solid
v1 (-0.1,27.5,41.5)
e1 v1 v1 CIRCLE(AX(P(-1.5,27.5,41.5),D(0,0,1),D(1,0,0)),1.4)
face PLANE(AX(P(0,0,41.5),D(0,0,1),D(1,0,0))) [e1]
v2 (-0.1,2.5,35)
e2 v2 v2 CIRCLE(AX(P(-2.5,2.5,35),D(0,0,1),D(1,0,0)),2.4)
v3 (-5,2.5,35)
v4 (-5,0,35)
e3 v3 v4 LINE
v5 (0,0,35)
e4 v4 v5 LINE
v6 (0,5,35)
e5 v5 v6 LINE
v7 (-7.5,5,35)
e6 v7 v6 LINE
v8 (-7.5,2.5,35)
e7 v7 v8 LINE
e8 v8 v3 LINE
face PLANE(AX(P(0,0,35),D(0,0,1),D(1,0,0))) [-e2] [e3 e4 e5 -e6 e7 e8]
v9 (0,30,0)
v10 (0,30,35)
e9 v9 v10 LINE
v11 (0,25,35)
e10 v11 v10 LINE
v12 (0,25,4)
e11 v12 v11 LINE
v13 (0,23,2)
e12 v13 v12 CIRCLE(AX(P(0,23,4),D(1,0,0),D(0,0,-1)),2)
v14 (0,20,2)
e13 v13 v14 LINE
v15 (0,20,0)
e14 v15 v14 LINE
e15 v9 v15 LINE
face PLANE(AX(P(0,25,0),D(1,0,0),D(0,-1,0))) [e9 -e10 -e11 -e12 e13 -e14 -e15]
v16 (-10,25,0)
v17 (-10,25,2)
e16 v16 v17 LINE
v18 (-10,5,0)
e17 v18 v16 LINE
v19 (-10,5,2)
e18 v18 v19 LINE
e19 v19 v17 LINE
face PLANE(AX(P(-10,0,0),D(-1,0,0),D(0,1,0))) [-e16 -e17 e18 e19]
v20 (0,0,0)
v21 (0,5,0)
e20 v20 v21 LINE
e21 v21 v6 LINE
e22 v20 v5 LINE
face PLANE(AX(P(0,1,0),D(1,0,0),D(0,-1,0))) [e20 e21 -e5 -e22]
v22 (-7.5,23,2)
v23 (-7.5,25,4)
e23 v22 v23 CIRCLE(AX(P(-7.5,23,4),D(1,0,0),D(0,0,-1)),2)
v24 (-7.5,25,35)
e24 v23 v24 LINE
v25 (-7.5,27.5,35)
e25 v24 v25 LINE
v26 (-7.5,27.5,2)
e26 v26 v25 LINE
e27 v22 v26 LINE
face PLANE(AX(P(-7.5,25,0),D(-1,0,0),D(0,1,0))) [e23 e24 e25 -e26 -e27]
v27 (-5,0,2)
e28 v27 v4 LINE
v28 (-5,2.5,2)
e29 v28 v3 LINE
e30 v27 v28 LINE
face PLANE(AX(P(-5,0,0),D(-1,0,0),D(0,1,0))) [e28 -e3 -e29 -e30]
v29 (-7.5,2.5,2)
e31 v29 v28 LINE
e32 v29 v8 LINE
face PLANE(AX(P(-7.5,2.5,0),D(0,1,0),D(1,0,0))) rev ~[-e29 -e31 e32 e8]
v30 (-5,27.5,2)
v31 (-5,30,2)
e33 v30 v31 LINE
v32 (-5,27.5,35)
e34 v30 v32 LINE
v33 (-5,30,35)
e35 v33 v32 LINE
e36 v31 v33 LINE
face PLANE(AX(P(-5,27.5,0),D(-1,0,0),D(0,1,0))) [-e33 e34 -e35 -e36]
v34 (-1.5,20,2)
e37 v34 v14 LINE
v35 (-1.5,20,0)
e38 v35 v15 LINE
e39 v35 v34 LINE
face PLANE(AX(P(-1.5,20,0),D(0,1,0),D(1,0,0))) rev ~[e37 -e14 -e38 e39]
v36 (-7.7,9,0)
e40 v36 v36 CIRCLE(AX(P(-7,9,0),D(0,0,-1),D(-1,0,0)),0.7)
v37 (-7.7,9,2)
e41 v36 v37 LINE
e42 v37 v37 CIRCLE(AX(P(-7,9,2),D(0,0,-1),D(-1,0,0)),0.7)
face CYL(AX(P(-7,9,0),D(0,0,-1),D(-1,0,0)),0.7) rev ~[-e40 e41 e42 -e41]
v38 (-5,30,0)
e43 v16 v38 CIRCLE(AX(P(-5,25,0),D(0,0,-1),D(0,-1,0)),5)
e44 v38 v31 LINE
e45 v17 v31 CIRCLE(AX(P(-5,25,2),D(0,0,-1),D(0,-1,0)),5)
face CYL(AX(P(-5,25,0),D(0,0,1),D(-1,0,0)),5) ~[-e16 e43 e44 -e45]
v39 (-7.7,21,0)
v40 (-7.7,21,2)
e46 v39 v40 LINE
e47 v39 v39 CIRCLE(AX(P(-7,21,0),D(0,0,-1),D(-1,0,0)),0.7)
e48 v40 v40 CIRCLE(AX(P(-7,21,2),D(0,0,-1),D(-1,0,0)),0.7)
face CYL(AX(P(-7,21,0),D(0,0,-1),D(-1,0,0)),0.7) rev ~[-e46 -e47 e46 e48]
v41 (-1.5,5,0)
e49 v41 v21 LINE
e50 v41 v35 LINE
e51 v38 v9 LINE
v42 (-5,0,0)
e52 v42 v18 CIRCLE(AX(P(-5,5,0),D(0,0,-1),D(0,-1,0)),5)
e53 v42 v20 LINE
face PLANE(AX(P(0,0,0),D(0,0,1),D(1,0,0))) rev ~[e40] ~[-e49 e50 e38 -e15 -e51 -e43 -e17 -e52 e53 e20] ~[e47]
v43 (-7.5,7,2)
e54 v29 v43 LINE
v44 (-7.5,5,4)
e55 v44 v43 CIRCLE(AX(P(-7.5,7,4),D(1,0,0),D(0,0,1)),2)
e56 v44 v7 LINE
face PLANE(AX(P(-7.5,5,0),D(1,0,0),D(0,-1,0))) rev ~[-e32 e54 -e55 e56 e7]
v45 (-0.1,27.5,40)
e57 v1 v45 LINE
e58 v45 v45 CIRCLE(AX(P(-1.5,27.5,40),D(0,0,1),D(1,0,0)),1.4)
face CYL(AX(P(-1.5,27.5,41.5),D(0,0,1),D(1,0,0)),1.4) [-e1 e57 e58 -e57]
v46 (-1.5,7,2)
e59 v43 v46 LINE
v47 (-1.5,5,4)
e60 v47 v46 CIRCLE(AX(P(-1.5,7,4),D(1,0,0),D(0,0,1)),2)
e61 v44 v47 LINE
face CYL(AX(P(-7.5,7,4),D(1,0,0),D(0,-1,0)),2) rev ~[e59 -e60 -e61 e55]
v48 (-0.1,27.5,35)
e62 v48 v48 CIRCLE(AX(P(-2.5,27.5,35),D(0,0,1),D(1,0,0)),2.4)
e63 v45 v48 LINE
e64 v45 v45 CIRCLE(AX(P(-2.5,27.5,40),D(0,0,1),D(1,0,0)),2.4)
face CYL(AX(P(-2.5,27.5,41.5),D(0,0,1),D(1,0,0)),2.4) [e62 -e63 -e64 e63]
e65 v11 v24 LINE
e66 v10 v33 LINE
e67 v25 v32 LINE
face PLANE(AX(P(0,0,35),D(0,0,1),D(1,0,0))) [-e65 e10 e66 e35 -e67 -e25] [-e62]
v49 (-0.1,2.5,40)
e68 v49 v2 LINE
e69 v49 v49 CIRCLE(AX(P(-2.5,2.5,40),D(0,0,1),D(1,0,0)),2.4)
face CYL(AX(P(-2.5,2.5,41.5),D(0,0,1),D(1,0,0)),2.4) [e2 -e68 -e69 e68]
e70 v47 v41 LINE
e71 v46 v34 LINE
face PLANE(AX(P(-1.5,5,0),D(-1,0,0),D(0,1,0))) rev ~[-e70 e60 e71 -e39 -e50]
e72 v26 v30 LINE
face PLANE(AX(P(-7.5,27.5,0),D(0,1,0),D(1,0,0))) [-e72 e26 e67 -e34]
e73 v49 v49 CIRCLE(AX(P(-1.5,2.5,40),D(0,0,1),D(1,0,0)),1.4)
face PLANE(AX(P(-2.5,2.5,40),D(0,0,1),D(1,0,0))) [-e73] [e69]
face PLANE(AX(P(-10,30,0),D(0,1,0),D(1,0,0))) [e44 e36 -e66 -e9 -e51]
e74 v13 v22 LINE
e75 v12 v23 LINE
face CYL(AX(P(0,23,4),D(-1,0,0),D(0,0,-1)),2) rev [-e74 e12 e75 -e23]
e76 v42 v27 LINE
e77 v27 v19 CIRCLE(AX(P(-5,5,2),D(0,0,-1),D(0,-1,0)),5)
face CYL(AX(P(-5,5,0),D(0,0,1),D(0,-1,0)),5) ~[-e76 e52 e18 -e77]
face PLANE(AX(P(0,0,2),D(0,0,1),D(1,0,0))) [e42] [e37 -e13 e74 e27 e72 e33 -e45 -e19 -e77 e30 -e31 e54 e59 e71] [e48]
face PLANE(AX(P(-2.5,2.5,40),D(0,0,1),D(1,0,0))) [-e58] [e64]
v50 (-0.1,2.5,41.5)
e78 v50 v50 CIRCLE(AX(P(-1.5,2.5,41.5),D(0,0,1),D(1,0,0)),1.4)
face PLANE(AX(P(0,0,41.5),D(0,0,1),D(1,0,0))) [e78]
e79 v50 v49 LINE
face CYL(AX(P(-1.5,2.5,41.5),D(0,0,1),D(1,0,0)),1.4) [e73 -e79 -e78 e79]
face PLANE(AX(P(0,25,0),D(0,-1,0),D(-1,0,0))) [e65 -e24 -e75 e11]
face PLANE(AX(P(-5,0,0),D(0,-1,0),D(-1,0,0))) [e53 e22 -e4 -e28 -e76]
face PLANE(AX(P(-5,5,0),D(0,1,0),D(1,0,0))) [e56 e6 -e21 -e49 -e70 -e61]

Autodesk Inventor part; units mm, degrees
ref_plane "YZ Plane" through (0, 0, 0) normal (1, 0, 0) x (0, 1, 0)
ref_plane "XZ Plane" through (0, 0, 0) normal (0, 1, 0) x (-1, 0, 0)
ref_plane "XY Plane" through (0, 0, 0) normal (0, 0, 1) x (1, 0, 0)
sketch "Esquisse1" plane through (0, 0, 0) normal (0, 0, 1) x (1, 0, 0)
  line L0 (0, 0) -> (-10, 0)
  line L1 (-10, 0) -> (-10, 30)
  line L2 (-10, 30) -> (0, 30)
  line L3 (0, 0) -> (-5, 0)
  line L4 (-5, 0) -> (-5, 5)
  line L5 (-5, 5) -> (0, 5)
  line L6 (0, 5) -> (0, 0)
  line L7 (0, 4) -> (-3, 4)
  line L8 (-3, 4) -> (-3, 1)
  line L9 (-3, 1) -> (0, 1)
  line L10 (0, 1) -> (0, 4)
  line L11 (-1.5, 5) -> (-1.5, 20)
  line L12 (-1.5, 20) -> (0, 20)
  line L13 (0, 30) -> (0, 20)
  line L14 (0, 5) -> (0, 0)
  line L15 (0, 29) -> (-3, 29)
  line L16 (-3, 29) -> (-3, 26)
  line L17 (-3, 26) -> (0, 26)
  line L18 (0, 26) -> (0, 29)
  line L19 (0, 25) -> (-5, 25)
  line L20 (-5, 25) -> (-5, 30)
  line L21 (-5, 25) -> (-7.5, 25)
  line L22 (-7.5, 25) -> (-7.5, 27.5)
  line L23 (-7.5, 27.5) -> (-5, 27.5)
  line L24 (-5, 27.5) -> (-5, 25)
  line L25 (-5, 0) -> (-7.5, 0)
  line L26 (-5, 2.5) -> (-5, 0)
  line L27 (-5, 5) -> (-7.5, 5)
  line L28 (-7.5, 5) -> (-7.5, 2.5)
  line L29 (-7.5, 2.5) -> (-5, 2.5)
  line L30 (-5, 2.5) -> (-5, 5)
  line L31 (-3, 26) -> (0, 26)
  line L32 (0, 26) -> (0, 29)
  line L33 (0, 29) -> (-3, 29)
  line L34 (-3, 29) -> (-3, 26)
  line L35 (-3, 1) -> (0, 1)
  line L36 (0, 1) -> (0, 4)
  line L37 (0, 4) -> (-3, 4)
  line L38 (-3, 4) -> (-3, 1)
  dimension "d0" = 10
  dimension "d1" = 30
  dimension "d2" = 5
  dimension "d3" = 5
  dimension "d4" = 3
  dimension "d5" = 3
  dimension "d6" = 1
  dimension "d7" = 15
  dimension "d9" = 3
  dimension "d10" = 3
  dimension "d11" = 1
  dimension "d12" = 5
  dimension "d13" = 5
  dimension "d14" = 2.5
  dimension "d15" = 2.5
  dimension "d20" = 2.5
  dimension "d21" = 2.5
extrude "Extrusion1" add sketch "Esquisse1" along normal blind 41.5 contours L0 L4 L5 L6 L7 L8 L9 | L9 L8 L7 L6 | L2 L13 L15 L16 L17 L19 L20 | L13 L17 L16 L15
extrude "Extrusion2" add sketch "Esquisse1" along normal blind 35 contours L29 L28 L27 L4 | L20 L21 L22 L23
extrude "Extrusion4" add sketch "Esquisse1" along normal blind 2 contours L0 L1 L2 L20 L23 L22 L21 L19 L13 L12 L11 L5 L27 L28 L29 L4
fillet "Congé1" radius 5 2 edges at (-10, 0, 1) (-10, 30, 1)
sketch "Esquisse3" plane through (0, 0, 0) normal (0, 0, -1) x (-1, 0, 0)
  circle A0 centre (7, 9) radius 0.7
  circle A1 centre (7, 21) radius 0.7
  line L0 (0, 0) -> (0, 5) projected
  line L1 (0, 20) -> (0, 30) projected
  line L2 (5, 0) -> (0, 0) projected
  dimension "d29" = 1.4
  dimension "d30" = 1.4
  dimension "d31" = 12
  dimension "d32" = 7
  dimension "d33" = 7
  dimension "d34" = 9
extrude "Extrusion5" cut sketch "Esquisse3" against normal through all
fillet "Congé2" radius 2 2 edges at (-3.75, 25, 2) (-4.5, 5, 2)
sketch "Esquisse8" plane through (0, 0, 41.5) normal (0, 0, 1) x (1, 0, 0)
  line L0 (0, 0) -> (0, 5) projected
  line L1 (0, 5) -> (-5, 5) projected
  line L2 (-5, 5) -> (-5, 0) projected
  line L3 (-5, 0) -> (0, 0) projected
  line L4 (0, 30) -> (-5, 30) projected
  line L5 (-5, 30) -> (-5, 25) projected
  line L6 (-5, 25) -> (0, 25) projected
  line L7 (0, 25) -> (0, 30) projected
  circle A0 centre (-2.5, 2.5) radius 2.4
  circle A1 centre (-2.5, 27.5) radius 2.4
  dimension "d42" = 4.8
  dimension "d43" = 2.5
  dimension "d44" = 2.5
  dimension "d45" = 4.8
  dimension "d48" = 2.5
  dimension "d49" = 2.5
extrude "Extrusion8" cut sketch "Esquisse8" against normal blind 6.5
sketch "Esquisse9" plane through (-2.5, 2.5, 41.5) normal (0, 0, 1) x (1, 0, 0)
  circle A0 centre (0, 0) radius 2.4 projected
  circle A1 centre (0, 25) radius 2.4 projected
  line L0 (0, 0) -> (3.9146, 0)
  circle A2 centre (1, 0) radius 1.4
  circle A3 centre (0, 0) radius 2.4 projected
  line L1 (0, 25) -> (4.0517, 25)
  circle A4 centre (1, 25) radius 1.4
  point P0 (2.5, -2.5)
  dimension "d52" = 2.8
  dimension "d53" = 2.8
extrude "Extrusion9" cut sketch "Esquisse9" against normal blind 1.5
properties part number "blue_part-july21" material "Plastique ABS"
